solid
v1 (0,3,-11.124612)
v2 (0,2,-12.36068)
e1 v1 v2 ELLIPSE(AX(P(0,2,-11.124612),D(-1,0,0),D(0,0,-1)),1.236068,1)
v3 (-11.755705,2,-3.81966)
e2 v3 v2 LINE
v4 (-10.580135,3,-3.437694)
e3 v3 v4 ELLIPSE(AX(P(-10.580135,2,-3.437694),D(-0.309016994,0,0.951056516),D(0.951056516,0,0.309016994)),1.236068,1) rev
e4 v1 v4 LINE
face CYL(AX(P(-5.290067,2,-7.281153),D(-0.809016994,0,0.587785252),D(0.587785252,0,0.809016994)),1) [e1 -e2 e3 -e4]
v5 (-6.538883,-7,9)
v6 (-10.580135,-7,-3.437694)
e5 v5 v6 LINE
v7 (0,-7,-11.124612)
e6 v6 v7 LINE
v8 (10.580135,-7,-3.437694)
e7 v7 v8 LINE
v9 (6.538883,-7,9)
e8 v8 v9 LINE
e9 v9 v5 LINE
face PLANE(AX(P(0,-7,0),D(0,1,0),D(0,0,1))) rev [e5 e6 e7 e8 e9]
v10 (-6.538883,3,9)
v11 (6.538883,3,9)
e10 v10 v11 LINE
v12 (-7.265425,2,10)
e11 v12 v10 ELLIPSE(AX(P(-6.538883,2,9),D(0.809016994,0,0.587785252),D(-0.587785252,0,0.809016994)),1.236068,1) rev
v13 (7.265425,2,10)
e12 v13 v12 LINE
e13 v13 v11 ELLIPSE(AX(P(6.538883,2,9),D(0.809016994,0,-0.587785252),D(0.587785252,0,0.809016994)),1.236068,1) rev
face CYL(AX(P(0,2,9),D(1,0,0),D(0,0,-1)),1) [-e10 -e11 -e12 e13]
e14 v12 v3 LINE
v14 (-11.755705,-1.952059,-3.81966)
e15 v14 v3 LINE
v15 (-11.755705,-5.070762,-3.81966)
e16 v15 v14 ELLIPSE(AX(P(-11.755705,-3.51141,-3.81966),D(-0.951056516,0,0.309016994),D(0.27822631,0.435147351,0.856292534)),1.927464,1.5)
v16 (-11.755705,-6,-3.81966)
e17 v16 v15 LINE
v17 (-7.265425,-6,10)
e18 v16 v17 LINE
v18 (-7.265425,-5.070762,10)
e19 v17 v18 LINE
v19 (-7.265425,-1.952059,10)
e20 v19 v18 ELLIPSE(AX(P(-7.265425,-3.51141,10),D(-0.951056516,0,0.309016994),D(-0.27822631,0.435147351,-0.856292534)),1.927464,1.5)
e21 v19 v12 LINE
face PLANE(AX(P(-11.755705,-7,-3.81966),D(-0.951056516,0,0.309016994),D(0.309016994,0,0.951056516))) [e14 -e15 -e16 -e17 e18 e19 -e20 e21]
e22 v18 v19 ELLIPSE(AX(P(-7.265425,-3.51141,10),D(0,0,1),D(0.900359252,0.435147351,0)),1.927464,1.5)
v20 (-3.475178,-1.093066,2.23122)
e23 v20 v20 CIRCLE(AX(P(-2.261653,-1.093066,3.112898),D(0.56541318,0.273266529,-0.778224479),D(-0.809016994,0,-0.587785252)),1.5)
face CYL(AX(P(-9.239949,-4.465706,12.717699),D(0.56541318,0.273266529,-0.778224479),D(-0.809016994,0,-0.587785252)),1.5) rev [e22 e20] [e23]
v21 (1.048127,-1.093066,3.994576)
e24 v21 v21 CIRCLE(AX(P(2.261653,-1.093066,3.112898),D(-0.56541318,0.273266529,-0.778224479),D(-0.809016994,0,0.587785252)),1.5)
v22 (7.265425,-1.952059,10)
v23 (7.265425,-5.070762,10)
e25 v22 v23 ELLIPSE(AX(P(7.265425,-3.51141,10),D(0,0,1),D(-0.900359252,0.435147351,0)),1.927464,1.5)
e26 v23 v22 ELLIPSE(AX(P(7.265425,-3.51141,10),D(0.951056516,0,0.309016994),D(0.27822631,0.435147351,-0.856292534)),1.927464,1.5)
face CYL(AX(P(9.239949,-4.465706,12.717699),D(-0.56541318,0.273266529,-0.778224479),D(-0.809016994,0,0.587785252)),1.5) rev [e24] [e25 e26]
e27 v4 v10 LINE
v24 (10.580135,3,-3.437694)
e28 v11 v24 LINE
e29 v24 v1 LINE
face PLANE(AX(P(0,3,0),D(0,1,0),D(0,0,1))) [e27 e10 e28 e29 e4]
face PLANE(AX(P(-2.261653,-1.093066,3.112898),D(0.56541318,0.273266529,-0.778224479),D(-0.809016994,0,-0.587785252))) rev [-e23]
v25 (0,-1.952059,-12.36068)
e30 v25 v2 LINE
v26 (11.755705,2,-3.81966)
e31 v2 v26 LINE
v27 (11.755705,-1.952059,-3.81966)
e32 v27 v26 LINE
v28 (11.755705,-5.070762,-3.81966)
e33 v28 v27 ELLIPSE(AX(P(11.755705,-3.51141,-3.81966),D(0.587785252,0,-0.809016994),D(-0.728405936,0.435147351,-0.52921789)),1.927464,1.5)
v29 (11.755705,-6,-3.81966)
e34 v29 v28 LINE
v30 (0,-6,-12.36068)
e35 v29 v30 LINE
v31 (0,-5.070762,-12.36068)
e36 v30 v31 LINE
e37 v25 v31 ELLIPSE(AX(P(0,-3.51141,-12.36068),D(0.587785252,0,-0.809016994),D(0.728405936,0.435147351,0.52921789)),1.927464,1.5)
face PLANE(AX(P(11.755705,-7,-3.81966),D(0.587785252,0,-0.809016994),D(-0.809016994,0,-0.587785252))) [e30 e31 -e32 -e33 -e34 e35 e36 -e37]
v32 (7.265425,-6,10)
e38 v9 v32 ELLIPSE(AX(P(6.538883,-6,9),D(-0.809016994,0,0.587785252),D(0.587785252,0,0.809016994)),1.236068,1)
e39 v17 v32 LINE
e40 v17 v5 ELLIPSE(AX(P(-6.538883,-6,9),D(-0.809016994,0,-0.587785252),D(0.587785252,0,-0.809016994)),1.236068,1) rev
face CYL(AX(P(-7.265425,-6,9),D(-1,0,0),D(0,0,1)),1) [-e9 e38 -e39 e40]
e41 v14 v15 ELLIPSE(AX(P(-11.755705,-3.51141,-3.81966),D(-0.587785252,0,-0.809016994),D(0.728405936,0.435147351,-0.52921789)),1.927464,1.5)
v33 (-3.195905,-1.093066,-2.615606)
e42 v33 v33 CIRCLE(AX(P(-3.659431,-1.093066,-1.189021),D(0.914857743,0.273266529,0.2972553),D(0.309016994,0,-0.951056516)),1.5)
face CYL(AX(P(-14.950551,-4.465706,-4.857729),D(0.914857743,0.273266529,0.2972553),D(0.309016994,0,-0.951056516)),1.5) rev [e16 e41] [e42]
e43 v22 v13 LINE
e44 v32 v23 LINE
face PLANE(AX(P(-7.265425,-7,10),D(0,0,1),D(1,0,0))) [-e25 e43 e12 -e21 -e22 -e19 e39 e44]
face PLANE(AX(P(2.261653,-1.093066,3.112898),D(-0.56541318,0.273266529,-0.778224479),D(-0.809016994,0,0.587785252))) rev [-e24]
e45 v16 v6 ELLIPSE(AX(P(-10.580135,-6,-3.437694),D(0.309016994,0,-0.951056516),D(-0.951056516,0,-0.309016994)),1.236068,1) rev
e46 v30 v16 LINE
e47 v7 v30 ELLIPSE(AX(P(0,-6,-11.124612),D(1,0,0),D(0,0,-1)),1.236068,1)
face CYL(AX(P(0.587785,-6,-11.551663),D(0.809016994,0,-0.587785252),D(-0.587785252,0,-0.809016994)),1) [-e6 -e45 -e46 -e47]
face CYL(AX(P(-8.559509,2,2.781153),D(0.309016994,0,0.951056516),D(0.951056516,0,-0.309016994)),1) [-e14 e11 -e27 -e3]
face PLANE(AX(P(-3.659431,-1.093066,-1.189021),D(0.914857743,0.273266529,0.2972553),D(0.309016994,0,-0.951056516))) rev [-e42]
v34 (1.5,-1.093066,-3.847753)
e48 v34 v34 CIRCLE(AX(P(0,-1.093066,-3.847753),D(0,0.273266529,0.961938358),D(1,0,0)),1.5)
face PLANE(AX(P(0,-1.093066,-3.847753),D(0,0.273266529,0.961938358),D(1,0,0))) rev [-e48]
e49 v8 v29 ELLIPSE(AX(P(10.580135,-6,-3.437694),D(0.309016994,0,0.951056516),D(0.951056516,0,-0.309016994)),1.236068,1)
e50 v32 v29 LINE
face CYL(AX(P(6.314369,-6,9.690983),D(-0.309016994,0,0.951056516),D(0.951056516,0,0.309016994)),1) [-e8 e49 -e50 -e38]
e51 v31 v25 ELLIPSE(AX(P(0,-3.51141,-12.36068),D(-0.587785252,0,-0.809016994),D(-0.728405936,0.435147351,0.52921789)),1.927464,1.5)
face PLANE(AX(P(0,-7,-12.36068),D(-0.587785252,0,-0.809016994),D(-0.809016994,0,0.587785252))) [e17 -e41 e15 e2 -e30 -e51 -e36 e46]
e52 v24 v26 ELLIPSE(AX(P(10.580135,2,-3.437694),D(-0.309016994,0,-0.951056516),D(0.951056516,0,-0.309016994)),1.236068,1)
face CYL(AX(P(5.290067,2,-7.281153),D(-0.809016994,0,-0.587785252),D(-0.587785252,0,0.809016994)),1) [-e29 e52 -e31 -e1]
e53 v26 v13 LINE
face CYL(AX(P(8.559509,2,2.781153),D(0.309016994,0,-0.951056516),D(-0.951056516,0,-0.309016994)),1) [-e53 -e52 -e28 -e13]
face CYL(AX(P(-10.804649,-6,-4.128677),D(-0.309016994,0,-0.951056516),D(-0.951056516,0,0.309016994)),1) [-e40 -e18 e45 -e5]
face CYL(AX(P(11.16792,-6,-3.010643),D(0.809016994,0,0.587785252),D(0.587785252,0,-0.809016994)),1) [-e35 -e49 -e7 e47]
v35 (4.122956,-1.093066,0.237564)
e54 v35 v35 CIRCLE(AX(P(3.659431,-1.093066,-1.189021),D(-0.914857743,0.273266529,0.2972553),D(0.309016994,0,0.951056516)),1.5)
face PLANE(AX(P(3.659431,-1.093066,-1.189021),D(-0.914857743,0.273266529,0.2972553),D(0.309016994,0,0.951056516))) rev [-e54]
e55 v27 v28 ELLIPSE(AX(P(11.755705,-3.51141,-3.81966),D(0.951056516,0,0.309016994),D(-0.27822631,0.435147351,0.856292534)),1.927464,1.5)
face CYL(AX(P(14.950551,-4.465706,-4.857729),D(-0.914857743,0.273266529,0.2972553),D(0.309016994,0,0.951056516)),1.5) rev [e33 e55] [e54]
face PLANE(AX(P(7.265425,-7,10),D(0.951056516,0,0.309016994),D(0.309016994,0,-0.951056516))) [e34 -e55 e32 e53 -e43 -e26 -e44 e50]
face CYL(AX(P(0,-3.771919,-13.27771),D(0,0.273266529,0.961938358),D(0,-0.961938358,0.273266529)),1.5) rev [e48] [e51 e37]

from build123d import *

# Parameters (mm, degrees)
BOSS_EXTRUDE1_DEPTH      = 3
BOSS_EXTRUDE1_DEPTH_BACK = 7
FILLET1_R                = 1
SKETCH2_R                = 1.5
CUT_EXTRUDE1_DEPTH       = 22.698151839
CIRPATTERN1_COUNT        = 5


with BuildPart() as part:
    # Sketch1 → Boss-Extrude1 (new, two sides: drawn at the far end of the back side and taken through both)
    with BuildSketch(Plane(origin=(0, 0, 0), x_dir=(1, 0, 0), z_dir=(0, 1, 0)).offset(-BOSS_EXTRUDE1_DEPTH_BACK)):
        Polygon((-7.26542528, -10), (7.26542528, -10), (11.755705046, 3.819660113), (0, 12.360679775), (-11.755705046, 3.819660113), align=None)
    extrude(amount=BOSS_EXTRUDE1_DEPTH + BOSS_EXTRUDE1_DEPTH_BACK)

    # Fillet1
    fillet1_edges = [part.edges().sort_by_distance(p)[0] for p in [
        (0, -7, 10),
        (9.510565163, -7, 3.090169944),
        (5.877852523, -7, -8.090169944),
        (-5.877852523, -7, -8.090169944),
        (-9.510565163, -7, 3.090169944),
        (-5.877852523, 3, -8.090169944),
        (5.877852523, 3, -8.090169944),
        (9.510565163, 3, 3.090169944),
        (0, 3, 10),
        (-9.510565163, 3, 3.090169944),
    ]]
    fillet(fillet1_edges, radius=FILLET1_R)

    # Sketch2 → Cut-Extrude1 (cut, through all)
    with BuildSketch(Plane(origin=(-2.261652721, -1.093066116, 3.112897916), x_dir=(-0.824807817325119, 0.18732666439624865, -0.533479882737436), z_dir=(0.56541318031982, 0.2732665289126595, -0.7782244789883274))):
        Circle(SKETCH2_R)
    cut_extrude1 = extrude(amount=-CUT_EXTRUDE1_DEPTH, mode=Mode.SUBTRACT)

    # CirPattern1: Cut-Extrude1 ×5 about axis
    cirpattern1_axis = Axis((0, 5.5, 0), (0, -1, 0))
    for i in range(1, CIRPATTERN1_COUNT):
        add(cut_extrude1.rotate(cirpattern1_axis, i * 360 / CIRPATTERN1_COUNT), mode=Mode.SUBTRACT)


solid = part.part
